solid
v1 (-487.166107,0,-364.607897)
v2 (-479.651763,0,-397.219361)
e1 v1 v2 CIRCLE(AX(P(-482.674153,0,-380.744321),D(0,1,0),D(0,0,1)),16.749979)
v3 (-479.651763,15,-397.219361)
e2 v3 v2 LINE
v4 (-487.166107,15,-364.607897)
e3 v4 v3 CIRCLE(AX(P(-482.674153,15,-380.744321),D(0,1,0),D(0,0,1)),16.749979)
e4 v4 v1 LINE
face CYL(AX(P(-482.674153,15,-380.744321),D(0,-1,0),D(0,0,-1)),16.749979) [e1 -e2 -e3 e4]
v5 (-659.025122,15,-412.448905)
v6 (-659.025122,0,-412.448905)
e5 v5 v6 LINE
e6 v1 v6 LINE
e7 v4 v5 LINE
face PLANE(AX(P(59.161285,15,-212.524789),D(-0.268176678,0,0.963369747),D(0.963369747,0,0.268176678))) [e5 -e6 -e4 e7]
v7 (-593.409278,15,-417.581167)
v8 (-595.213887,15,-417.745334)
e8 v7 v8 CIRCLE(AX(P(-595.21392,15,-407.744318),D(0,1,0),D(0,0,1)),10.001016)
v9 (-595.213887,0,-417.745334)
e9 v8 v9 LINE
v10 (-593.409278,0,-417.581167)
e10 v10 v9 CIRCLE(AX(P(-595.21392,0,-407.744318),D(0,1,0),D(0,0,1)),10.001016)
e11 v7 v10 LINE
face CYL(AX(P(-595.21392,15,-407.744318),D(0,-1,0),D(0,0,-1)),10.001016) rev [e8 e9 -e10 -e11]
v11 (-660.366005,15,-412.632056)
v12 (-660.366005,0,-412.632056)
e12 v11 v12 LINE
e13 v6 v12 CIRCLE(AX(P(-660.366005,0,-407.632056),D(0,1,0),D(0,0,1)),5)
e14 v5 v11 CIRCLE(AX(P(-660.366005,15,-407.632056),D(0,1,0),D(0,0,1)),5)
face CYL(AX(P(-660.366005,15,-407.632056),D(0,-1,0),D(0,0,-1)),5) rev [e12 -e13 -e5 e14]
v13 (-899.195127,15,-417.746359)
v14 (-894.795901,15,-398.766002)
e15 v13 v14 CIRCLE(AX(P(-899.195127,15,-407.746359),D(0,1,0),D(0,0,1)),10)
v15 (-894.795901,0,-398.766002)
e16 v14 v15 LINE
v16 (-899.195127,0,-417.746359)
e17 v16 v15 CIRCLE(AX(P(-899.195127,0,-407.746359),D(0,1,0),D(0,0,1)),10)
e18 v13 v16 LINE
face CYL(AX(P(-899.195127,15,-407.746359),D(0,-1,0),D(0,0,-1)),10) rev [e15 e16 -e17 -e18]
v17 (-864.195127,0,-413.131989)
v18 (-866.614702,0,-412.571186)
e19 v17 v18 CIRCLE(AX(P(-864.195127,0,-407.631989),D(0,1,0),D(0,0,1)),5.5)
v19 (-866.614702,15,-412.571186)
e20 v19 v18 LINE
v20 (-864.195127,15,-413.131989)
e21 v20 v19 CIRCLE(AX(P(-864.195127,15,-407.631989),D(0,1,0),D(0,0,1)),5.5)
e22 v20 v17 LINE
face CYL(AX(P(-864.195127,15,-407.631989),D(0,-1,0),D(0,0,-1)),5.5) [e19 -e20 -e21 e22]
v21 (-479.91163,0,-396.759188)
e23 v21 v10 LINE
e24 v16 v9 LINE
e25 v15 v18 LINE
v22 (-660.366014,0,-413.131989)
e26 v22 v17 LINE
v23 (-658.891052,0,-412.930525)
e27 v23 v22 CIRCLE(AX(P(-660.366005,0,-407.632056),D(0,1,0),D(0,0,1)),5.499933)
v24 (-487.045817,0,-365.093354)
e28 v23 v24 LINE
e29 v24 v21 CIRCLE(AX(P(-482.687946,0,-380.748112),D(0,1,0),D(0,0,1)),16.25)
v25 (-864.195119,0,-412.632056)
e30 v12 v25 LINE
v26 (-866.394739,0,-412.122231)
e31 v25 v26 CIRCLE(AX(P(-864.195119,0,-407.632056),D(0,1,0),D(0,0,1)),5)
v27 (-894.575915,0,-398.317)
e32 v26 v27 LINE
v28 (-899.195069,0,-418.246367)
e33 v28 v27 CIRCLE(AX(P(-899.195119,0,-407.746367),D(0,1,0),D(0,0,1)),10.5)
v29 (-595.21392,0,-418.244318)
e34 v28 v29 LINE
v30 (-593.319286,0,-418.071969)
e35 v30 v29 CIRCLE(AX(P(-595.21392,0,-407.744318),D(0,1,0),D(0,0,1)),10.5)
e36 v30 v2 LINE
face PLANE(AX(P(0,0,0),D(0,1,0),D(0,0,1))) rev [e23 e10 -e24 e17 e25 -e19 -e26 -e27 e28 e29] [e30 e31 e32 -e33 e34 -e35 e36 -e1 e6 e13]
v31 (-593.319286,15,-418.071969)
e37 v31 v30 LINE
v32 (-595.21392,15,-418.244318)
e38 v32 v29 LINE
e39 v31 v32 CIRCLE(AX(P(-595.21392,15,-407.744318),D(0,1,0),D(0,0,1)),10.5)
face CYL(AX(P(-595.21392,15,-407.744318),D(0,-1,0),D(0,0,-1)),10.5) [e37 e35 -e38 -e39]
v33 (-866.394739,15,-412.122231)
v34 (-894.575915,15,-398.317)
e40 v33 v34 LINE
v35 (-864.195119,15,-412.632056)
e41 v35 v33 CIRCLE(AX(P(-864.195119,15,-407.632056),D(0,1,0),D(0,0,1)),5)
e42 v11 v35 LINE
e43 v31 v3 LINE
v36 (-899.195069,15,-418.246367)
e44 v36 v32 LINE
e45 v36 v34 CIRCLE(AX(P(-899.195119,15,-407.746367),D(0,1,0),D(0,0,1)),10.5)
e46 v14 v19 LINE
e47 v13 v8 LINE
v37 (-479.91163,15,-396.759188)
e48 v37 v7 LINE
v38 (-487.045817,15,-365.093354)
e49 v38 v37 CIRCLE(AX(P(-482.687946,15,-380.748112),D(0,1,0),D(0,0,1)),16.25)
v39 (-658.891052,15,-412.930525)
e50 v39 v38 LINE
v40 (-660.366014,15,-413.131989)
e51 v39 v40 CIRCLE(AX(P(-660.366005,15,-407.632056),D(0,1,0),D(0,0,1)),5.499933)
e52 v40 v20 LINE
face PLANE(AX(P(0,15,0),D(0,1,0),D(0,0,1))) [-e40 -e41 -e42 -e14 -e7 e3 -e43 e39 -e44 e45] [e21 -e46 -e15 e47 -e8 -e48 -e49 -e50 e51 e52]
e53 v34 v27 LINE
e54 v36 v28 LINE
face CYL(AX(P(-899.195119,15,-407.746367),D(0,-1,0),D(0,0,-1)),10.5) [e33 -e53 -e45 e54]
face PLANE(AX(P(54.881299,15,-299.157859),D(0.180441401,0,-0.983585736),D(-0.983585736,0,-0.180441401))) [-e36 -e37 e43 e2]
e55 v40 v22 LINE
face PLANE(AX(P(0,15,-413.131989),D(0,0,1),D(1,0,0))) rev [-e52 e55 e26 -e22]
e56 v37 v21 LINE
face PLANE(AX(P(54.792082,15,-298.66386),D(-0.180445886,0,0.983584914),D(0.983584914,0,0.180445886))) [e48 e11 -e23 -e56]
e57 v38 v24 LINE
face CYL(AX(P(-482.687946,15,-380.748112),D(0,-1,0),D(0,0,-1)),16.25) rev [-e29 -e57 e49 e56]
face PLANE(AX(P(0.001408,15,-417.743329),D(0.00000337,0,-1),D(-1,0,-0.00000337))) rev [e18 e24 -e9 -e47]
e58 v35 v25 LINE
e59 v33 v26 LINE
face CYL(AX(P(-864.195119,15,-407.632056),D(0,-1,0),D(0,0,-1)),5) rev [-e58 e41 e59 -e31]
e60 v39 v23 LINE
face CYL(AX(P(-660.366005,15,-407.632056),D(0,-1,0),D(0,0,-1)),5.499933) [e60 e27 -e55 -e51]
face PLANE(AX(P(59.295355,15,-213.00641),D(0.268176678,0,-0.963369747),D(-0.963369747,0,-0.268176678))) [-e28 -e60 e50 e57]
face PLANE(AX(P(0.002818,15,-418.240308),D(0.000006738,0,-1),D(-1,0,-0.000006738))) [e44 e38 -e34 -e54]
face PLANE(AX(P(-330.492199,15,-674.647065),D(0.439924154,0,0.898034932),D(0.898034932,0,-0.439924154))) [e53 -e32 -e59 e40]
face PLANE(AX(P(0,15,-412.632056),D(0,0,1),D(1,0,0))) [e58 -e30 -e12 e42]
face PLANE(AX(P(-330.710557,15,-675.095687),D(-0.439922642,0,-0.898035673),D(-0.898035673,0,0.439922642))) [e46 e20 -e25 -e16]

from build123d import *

# Parameters (mm, degrees)
BOSS_EXTRUDE1_DEPTH = 15


with BuildPart() as part:
    # Sketch1 → Boss-Extrude1 (new body)
    with BuildSketch(Plane(origin=(0, 0, 0), x_dir=(1, 0, 0), z_dir=(0, 1, 0))):
        with BuildLine():
            ThreePointArc((-659.025122037, 412.448905192), (-659.689338477, 412.586057046), (-660.366005428, 412.632056457))
            Line((-660.366005428, 412.632056457), (-864.195118688, 412.632056457))
            ThreePointArc((-864.195118688, 412.632056457), (-865.324084301, 412.502932831), (-866.39473946, 412.122231116))
            Line((-866.39473946, 412.122231116), (-894.575915261, 398.316999834))
            ThreePointArc((-894.575915261, 398.316999834), (-909.423967253, 405.375573292), (-899.195089964, 418.246366617))
            Line((-899.195089964, 418.246366617), (-595.213920413, 418.24431837))
            ThreePointArc((-595.213920413, 418.24431837), (-594.262691586, 418.201142157), (-593.319285704, 418.071968602))
            Line((-593.319285704, 418.071968602), (-479.651763212, 397.219361415))
            ThreePointArc((-479.651763212, 397.219361415), (-466.351873551, 376.983335948), (-487.166106805, 364.607897137))
            Line((-487.166106805, 364.607897137), (-659.025122037, 412.448905192))
        make_face()
        with BuildLine():
            Line((-658.891051676, 412.930525483), (-487.045817139, 365.093353609))
            ThreePointArc((-487.045817139, 365.093353609), (-466.835293219, 377.176572267), (-479.911630321, 396.759188493))
            Line((-479.911630321, 396.759188493), (-593.409278239, 417.581166717))
            ThreePointArc((-593.409278239, 417.581166717), (-594.307856674, 417.704206285), (-595.213886711, 417.745334257))
            Line((-595.213886711, 417.745334257), (-899.19505992, 417.746358527))
            ThreePointArc((-899.19505992, 417.746358527), (-908.936889556, 405.488468327), (-894.795900883, 398.766001802))
            Line((-894.795900883, 398.766001802), (-866.61470183, 412.571185618))
            ThreePointArc((-866.61470183, 412.571185618), (-865.436984962, 412.989954476), (-864.195127301, 413.131989419))
            Line((-864.195127301, 413.131989419), (-660.366014041, 413.131989419))
            ThreePointArc((-660.366014041, 413.131989419), (-659.621685121, 413.081391266), (-658.891051676, 412.930525483))
        make_face(mode=Mode.SUBTRACT)
    extrude(amount=BOSS_EXTRUDE1_DEPTH)


solid = part.part
